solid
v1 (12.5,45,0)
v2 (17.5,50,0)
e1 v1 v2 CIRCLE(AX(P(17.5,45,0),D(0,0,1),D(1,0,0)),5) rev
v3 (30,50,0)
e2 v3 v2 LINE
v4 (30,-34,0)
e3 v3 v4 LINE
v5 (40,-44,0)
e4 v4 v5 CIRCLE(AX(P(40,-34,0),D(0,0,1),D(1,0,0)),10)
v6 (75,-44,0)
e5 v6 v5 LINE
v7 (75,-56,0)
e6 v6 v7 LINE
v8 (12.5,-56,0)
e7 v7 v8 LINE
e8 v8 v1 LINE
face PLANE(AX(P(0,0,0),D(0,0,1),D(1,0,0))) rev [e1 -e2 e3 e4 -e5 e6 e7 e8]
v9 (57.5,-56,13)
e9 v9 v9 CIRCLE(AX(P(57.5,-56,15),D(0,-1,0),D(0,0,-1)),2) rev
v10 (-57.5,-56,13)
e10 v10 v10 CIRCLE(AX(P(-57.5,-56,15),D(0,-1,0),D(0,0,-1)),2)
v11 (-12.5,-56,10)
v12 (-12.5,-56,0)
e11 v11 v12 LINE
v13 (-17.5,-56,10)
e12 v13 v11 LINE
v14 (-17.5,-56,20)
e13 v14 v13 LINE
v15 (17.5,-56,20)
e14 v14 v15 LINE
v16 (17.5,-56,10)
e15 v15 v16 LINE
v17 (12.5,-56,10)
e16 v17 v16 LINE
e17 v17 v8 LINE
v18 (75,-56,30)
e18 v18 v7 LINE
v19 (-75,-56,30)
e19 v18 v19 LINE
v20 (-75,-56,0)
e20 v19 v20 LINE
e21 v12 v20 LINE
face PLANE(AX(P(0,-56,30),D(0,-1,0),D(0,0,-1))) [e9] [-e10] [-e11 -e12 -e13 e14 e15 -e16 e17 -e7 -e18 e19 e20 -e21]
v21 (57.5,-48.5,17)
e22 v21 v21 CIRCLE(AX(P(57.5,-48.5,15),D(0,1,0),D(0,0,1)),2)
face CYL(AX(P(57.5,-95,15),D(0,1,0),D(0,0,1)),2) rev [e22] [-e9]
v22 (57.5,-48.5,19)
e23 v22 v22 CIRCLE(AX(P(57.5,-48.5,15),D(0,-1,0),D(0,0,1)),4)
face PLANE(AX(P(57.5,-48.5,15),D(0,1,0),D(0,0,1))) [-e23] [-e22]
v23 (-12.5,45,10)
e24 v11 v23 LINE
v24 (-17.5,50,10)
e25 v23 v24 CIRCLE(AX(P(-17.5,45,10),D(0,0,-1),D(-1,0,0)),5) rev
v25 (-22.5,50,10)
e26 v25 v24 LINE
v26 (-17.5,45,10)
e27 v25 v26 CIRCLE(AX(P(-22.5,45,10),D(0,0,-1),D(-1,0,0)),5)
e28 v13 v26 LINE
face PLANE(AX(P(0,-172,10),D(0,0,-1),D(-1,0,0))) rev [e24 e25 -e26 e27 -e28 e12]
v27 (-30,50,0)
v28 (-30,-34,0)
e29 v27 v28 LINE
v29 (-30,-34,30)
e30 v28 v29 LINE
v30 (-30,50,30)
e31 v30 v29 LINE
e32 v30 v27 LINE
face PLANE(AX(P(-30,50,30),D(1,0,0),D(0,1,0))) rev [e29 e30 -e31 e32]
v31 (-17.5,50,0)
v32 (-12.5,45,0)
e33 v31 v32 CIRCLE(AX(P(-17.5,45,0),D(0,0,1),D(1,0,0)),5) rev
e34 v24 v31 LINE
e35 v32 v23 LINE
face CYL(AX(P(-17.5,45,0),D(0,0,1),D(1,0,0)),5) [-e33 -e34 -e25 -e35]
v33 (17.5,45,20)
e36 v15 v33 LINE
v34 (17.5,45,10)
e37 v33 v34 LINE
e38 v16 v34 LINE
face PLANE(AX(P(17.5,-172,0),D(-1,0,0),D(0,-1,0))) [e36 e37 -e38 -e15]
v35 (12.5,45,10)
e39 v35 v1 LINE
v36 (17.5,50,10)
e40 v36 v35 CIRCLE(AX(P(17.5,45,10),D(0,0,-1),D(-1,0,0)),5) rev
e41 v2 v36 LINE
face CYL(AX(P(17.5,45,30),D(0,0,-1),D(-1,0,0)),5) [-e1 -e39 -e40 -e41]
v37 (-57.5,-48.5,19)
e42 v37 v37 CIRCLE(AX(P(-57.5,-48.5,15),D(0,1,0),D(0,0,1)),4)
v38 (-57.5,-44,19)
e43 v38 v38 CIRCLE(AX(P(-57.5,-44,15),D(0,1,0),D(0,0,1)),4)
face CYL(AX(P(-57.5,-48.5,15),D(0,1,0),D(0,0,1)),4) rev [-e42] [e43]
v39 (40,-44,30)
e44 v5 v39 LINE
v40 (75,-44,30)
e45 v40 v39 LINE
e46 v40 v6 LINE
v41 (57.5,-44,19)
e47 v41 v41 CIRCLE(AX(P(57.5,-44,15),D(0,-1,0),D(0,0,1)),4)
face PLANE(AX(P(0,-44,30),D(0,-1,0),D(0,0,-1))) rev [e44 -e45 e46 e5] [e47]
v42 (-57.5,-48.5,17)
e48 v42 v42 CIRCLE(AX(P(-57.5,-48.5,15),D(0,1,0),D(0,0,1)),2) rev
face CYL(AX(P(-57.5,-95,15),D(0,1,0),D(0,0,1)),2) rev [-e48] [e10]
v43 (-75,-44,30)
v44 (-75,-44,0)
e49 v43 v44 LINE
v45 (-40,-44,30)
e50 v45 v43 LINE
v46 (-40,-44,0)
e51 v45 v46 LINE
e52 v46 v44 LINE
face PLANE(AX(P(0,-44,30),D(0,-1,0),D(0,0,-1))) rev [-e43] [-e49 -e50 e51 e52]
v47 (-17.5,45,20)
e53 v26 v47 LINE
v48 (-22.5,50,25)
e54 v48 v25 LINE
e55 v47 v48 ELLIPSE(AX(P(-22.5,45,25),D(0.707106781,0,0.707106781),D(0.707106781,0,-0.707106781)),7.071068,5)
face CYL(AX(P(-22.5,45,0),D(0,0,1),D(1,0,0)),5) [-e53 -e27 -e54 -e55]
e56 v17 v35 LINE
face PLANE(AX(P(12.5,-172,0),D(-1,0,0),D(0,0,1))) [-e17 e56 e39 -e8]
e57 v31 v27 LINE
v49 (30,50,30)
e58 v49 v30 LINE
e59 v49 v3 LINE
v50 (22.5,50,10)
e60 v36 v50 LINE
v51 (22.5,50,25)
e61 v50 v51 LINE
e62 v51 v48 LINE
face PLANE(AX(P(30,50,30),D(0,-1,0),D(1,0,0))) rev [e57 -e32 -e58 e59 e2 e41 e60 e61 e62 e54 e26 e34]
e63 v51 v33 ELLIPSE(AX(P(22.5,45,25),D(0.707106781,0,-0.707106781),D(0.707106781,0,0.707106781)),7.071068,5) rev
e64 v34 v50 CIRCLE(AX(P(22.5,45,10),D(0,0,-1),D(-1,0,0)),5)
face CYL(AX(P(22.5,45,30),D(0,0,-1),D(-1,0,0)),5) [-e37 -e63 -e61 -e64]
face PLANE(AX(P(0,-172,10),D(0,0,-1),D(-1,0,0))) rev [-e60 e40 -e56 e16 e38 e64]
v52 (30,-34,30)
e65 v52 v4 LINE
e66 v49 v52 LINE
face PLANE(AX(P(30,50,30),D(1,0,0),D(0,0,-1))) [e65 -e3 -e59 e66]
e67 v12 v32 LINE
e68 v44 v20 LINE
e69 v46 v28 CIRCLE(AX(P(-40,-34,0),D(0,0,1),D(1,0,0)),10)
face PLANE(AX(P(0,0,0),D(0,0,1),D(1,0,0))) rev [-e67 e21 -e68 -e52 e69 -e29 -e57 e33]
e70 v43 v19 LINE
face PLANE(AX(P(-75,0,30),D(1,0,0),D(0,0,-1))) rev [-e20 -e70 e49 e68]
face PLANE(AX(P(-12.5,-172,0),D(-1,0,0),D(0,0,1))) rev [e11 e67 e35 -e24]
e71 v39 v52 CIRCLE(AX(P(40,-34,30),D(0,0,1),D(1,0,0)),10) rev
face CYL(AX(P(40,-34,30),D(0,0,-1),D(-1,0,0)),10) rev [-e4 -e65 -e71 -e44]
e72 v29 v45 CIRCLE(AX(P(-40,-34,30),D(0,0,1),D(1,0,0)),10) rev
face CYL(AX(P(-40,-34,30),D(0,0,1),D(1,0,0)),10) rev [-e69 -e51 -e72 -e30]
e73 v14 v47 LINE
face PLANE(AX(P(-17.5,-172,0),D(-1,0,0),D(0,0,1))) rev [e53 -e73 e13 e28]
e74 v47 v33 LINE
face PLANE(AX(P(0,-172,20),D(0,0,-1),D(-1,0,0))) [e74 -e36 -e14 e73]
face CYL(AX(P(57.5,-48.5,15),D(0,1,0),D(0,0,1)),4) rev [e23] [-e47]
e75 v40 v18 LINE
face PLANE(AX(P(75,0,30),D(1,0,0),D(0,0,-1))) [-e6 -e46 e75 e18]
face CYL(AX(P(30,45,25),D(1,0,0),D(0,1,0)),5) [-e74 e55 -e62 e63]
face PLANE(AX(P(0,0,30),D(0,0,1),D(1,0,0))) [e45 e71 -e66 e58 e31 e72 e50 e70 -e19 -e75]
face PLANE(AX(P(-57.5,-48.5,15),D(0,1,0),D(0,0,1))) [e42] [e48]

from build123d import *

# Parameters (mm, degrees)
SKETCH1_W           = 60
SKETCH1_H           = 100
SKETCH1_W_2         = 150
SKETCH1_H_2         = 12
BOSS_EXTRUDE1_DEPTH = 30
FILLET1_R           = 10
SKETCH2_W           = 25
SKETCH2_H           = 10
SKETCH2_H_2         = 5
CUT_EXTRUDE1_DEPTH  = 222
FILLET2_R           = 5
SKETCH3_R           = 2
CUT_EXTRUDE2_DEPTH  = 51
SKETCH4_R           = 4
CUT_EXTRUDE3_DEPTH  = 4.5


with BuildPart() as part:
    # Sketch1 → Boss-Extrude1 (new body)
    with BuildSketch(Plane.XY):
        Rectangle(SKETCH1_W, SKETCH1_H)
        with Locations((0, -50)):
            Rectangle(SKETCH1_W_2, SKETCH1_H_2)
    extrude(amount=BOSS_EXTRUDE1_DEPTH)

    # Fillet1
    fillet1_edges = [part.edges().sort_by_distance(p)[0] for p in [
        (-30, -44, 15),
        (30, -44, 15),
    ]]
    fillet(fillet1_edges, radius=FILLET1_R)

    # Sketch2 → Cut-Extrude1 (cut)
    with BuildSketch(Plane(origin=(0, 50, 0), x_dir=(1, 0, 0), z_dir=(0, 1, 0))):
        with Locations((0, -5)):
            Rectangle(SKETCH2_W, SKETCH2_H)
        with Locations((0, -12.5)):
            Rectangle(SKETCH2_W, SKETCH2_H_2)
        Polygon((17.5, -10), (12.5, -10), (12.5, -15), (-12.5, -15), (-12.5, -10), (-17.5, -10), (-17.5, -20), (17.5, -20), align=None)
    extrude(amount=-CUT_EXTRUDE1_DEPTH, mode=Mode.SUBTRACT)

    # Fillet2
    fillet2_edges = [part.edges().sort_by_distance(p)[0] for p in [
        (12.5, 50, 5),
        (-12.5, 50, 5),
        (0, 50, 20),
        (-17.5, 50, 15),
        (17.5, 50, 15),
    ]]
    fillet(fillet2_edges, radius=FILLET2_R)

    # Sketch3 → Cut-Extrude2 (cut)
    with BuildSketch(Plane(origin=(0, -44, 0), x_dir=(1, 0, 0), z_dir=(0, 1, 0))):
        with Locations(Location((-57.5, -15, 0), (0, 0, 270))):
            Circle(SKETCH3_R)
    cut_extrude2 = extrude(amount=-CUT_EXTRUDE2_DEPTH, mode=Mode.SUBTRACT)

    # Sketch4 → Cut-Extrude3 (cut)
    with BuildSketch(Plane(origin=(0, -44, 0), x_dir=(1, 0, 0), z_dir=(0, 1, 0))):
        with Locations(Location((-57.5, -15, 0), (0, 0, 270))):
            Circle(SKETCH4_R)
    cut_extrude3 = extrude(amount=-CUT_EXTRUDE3_DEPTH, mode=Mode.SUBTRACT)

    # Mirror1: Cut-Extrude2, Cut-Extrude3 across plane
    add(cut_extrude2.mirror(Plane(origin=(0, 0, 0), x_dir=(0, 0, 1), z_dir=(1, 0, 0))), mode=Mode.SUBTRACT)
    add(cut_extrude3.mirror(Plane(origin=(0, 0, 0), x_dir=(0, 0, 1), z_dir=(1, 0, 0))), mode=Mode.SUBTRACT)


solid = part.part
